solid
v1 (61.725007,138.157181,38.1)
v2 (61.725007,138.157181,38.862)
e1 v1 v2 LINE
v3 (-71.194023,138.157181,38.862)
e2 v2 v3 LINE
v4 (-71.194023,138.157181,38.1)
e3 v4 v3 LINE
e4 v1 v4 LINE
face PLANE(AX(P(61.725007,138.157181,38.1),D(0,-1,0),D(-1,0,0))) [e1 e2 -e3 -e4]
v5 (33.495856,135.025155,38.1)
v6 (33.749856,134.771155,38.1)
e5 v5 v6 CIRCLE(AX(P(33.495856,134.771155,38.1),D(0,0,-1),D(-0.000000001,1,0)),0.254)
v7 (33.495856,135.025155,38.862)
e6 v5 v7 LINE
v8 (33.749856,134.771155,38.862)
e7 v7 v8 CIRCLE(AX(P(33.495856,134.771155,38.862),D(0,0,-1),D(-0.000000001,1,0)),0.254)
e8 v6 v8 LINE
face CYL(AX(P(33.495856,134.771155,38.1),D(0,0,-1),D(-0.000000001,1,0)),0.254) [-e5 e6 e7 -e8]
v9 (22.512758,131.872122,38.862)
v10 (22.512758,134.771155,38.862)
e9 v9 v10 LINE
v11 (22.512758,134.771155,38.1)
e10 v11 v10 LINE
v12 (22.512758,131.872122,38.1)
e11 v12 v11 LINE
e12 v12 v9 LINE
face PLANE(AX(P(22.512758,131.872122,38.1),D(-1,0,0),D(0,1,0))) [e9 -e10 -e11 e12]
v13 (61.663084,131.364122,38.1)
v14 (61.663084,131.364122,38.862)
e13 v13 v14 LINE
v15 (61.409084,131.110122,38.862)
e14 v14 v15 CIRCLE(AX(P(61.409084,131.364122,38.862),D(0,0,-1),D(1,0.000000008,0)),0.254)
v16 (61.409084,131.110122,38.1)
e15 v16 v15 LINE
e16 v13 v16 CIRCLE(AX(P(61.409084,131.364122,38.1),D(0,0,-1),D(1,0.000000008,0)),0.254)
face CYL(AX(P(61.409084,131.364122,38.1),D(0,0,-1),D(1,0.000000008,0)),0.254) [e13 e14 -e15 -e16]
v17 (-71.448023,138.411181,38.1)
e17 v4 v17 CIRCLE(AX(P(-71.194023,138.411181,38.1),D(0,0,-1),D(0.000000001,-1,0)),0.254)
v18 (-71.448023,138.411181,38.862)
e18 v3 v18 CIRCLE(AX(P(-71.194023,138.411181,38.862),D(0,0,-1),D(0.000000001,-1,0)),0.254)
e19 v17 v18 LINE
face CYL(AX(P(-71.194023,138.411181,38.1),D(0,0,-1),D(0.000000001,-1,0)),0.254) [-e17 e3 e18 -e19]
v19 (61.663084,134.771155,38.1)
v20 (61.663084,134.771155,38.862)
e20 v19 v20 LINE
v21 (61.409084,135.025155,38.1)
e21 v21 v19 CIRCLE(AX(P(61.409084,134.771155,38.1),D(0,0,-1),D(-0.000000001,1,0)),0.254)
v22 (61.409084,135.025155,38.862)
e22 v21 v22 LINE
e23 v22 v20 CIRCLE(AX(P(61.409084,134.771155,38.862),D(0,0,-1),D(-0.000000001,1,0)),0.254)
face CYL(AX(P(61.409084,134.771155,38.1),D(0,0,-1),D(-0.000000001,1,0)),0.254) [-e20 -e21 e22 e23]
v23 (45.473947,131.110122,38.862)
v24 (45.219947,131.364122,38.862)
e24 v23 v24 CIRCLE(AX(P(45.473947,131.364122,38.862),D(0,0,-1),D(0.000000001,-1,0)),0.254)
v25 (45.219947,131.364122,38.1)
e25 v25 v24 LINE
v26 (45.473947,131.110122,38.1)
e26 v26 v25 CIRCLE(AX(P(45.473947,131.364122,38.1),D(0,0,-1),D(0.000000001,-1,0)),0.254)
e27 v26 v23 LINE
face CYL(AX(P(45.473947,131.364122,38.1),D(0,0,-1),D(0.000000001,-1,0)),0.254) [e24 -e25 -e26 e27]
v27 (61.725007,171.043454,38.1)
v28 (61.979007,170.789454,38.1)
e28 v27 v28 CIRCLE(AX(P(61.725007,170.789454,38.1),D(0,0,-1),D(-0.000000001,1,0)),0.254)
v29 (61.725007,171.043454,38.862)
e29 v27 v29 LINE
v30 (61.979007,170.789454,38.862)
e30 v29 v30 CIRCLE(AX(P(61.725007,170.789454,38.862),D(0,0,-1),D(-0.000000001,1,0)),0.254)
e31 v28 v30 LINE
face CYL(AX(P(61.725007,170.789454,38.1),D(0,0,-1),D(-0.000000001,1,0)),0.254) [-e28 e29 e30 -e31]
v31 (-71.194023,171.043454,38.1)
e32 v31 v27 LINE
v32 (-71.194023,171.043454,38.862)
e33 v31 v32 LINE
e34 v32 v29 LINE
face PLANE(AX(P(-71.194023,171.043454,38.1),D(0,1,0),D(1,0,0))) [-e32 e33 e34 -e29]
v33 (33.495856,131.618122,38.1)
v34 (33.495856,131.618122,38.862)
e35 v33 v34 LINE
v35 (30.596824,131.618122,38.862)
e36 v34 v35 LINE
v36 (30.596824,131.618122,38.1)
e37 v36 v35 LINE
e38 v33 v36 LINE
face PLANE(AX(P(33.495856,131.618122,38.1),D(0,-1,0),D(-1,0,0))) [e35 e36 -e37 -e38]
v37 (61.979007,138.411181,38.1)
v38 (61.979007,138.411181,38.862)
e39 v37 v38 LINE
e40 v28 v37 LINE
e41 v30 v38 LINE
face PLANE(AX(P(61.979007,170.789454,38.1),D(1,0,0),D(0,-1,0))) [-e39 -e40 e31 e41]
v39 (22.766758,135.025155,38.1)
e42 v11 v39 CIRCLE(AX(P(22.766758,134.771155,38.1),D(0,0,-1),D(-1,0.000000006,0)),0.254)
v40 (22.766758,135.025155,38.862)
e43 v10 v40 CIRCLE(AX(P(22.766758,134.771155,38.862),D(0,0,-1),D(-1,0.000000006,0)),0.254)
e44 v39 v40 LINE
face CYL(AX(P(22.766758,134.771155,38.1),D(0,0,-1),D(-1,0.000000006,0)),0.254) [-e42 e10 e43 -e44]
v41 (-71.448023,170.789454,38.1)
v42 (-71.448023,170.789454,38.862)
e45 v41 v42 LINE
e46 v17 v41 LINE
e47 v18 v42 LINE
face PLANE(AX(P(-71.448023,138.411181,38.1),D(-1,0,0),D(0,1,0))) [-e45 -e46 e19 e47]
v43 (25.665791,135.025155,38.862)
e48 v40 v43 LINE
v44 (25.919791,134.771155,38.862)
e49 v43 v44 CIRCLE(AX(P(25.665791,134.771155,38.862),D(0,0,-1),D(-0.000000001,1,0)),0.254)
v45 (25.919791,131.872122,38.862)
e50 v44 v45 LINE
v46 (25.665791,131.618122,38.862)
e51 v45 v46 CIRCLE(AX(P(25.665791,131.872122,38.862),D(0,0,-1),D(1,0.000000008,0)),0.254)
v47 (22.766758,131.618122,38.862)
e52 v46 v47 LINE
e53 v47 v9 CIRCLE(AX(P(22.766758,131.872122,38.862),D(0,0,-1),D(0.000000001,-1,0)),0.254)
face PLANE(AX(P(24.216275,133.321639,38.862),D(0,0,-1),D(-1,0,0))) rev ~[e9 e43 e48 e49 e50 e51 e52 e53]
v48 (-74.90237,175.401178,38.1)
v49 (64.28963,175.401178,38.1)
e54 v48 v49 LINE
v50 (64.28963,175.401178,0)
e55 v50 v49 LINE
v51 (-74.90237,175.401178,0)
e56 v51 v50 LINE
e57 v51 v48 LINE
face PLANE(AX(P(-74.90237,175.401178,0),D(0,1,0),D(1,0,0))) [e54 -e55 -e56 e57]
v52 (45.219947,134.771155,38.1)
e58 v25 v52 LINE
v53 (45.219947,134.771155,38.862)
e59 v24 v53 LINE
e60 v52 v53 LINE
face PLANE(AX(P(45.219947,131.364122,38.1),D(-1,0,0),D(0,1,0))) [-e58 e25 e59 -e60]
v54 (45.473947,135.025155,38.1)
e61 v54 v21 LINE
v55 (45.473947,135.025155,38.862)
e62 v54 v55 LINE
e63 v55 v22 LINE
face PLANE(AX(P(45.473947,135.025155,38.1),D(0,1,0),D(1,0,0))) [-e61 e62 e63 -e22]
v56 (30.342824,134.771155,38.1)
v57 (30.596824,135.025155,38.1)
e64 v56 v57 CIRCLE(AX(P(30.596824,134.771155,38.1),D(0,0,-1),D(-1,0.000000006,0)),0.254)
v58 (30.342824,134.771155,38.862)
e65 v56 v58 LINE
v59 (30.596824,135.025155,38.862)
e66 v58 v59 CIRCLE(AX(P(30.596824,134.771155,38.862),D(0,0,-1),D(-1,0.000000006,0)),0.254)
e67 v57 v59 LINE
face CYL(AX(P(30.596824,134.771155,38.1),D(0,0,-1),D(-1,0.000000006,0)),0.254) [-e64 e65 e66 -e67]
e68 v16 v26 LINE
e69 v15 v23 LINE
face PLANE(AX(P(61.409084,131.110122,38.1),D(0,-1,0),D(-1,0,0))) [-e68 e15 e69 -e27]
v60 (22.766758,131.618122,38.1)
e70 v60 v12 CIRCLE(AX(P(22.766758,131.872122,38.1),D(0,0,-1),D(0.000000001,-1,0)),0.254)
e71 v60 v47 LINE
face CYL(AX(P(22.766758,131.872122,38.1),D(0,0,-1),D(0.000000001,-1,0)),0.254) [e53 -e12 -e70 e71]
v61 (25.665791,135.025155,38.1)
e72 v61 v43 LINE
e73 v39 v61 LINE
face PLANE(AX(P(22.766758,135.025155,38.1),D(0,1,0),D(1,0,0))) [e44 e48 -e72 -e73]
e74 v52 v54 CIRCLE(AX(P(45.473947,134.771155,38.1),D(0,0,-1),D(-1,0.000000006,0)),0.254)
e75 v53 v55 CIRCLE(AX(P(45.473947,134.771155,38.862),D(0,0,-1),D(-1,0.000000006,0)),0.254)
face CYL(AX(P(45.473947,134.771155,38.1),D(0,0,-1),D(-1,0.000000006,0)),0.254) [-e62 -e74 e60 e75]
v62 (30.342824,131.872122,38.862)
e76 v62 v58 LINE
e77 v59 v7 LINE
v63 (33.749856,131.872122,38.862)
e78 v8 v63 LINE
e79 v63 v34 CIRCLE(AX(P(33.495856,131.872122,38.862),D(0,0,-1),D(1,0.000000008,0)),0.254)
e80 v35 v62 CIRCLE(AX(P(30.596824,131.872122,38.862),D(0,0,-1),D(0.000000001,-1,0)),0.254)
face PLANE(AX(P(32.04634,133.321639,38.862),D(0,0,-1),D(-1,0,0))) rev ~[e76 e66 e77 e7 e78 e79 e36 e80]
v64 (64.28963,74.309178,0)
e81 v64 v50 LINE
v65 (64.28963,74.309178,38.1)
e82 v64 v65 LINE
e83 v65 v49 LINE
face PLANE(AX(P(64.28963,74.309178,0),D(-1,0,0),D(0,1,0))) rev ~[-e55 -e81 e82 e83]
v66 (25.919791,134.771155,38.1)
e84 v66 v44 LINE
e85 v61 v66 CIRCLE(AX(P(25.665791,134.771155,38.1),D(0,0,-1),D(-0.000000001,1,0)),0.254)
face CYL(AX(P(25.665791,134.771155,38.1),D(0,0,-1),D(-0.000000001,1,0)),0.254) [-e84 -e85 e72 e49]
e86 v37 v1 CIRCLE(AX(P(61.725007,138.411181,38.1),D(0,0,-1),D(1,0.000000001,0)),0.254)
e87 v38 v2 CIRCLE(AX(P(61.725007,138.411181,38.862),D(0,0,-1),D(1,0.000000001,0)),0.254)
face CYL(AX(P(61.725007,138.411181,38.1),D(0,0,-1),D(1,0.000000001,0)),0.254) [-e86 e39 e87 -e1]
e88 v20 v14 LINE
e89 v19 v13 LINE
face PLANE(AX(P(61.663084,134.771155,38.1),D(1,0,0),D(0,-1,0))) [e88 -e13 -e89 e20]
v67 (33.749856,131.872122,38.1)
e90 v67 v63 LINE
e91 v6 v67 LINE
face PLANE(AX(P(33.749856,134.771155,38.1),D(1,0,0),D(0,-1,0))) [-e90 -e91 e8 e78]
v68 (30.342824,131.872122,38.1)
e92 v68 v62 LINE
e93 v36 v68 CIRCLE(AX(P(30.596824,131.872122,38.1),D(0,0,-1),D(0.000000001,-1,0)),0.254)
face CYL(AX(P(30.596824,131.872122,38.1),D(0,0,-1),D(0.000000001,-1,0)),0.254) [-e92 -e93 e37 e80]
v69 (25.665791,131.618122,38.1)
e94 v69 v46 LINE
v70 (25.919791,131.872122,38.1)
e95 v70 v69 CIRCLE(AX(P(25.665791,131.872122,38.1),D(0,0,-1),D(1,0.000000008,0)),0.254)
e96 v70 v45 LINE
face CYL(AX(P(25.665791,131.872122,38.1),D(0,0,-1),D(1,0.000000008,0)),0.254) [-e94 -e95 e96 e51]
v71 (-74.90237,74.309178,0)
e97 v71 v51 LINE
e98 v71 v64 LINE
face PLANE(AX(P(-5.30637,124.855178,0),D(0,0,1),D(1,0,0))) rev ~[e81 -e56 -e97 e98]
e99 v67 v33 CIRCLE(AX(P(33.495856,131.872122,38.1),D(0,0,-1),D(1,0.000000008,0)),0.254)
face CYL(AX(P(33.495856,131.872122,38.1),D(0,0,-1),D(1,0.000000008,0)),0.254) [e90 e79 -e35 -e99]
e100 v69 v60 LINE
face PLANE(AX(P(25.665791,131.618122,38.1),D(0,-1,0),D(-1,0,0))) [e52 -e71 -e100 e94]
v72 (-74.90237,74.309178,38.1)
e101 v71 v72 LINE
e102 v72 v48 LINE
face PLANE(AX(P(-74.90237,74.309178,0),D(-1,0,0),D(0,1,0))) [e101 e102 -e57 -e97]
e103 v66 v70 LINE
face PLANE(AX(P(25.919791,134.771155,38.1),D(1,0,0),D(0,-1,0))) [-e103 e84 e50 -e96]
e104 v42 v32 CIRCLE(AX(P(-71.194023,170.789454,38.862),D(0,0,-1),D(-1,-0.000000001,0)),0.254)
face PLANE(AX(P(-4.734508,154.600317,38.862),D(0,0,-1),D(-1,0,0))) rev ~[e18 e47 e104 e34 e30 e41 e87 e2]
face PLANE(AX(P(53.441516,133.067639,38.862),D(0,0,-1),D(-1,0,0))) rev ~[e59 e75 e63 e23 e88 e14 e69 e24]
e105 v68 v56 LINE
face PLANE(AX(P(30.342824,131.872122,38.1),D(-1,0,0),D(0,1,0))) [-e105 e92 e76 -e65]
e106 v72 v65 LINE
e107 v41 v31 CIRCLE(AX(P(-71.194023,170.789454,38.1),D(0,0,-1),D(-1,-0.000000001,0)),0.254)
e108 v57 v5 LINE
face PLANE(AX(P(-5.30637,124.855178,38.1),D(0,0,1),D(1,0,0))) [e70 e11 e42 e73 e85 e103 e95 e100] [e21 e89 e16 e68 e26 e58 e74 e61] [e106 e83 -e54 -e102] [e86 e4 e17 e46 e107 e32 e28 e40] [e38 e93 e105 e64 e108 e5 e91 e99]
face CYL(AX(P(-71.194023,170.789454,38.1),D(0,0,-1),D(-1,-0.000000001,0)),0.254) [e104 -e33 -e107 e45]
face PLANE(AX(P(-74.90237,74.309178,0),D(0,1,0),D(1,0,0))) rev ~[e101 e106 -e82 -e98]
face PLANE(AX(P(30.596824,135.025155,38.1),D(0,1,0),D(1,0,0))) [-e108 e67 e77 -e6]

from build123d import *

# Parameters (mm, degrees)
SKETCH1_W           = 139.192
SKETCH1_H           = 101.092
BASE_EXTRUDE_DEPTH  = 38.1
BOSS_EXTRUDE1_DEPTH = 0.762


with BuildPart() as part:
    # Sketch1 → Base-Extrude (new body)
    with BuildSketch(Plane.XY):
        with Locations((-5.306370086, 124.85517785)):
            Rectangle(SKETCH1_W, SKETCH1_H)
    extrude(amount=BASE_EXTRUDE_DEPTH)

    # Sketch2 → Boss-Extrude1 (add)
    with BuildSketch(Plane.XY.offset(38.1)):
        with BuildLine():
            Line((-71.194022628, 171.043454179), (61.725007309, 171.043454179))
            ThreePointArc((61.725007309, 171.043454179), (61.904612432, 170.969059301), (61.979007309, 170.789454179))
            Line((61.979007309, 170.789454179), (61.979007309, 138.411180808))
            ThreePointArc((61.979007309, 138.411180808), (61.904612432, 138.231575686), (61.725007309, 138.157180808))
            Line((61.725007309, 138.157180808), (-71.194022628, 138.157180808))
            ThreePointArc((-71.194022628, 138.157180808), (-71.373627751, 138.231575686), (-71.448022628, 138.411180808))
            Line((-71.448022628, 138.411180808), (-71.448022628, 170.789454179))
            ThreePointArc((-71.448022628, 170.789454179), (-71.373627751, 170.969059301), (-71.194022628, 171.043454179))
        make_face()
        with BuildLine():
            Line((45.473947187, 135.025154773), (61.409083872, 135.025154773))
            ThreePointArc((61.409083872, 135.025154773), (61.588688995, 134.950759895), (61.663083872, 134.771154773))
            Line((61.663083872, 134.771154773), (61.663083872, 131.364122229))
            ThreePointArc((61.663083872, 131.364122229), (61.588688995, 131.184517106), (61.409083872, 131.110122229))
            Line((61.409083872, 131.110122229), (45.473947187, 131.110122229))
            ThreePointArc((45.473947187, 131.110122229), (45.294342065, 131.184517106), (45.219947187, 131.364122229))
            Line((45.219947187, 131.364122229), (45.219947187, 134.771154773))
            ThreePointArc((45.219947187, 134.771154773), (45.294342065, 134.950759895), (45.473947187, 135.025154773))
        make_face()
        with BuildLine():
            Line((22.766758431, 135.025154773), (25.665790975, 135.025154773))
            ThreePointArc((25.665790975, 135.025154773), (25.845396098, 134.950759895), (25.919790975, 134.771154773))
            Line((25.919790975, 134.771154773), (25.919790975, 131.872122229))
            ThreePointArc((25.919790975, 131.872122229), (25.845396098, 131.692517106), (25.665790975, 131.618122229))
            Line((25.665790975, 131.618122229), (22.766758431, 131.618122229))
            ThreePointArc((22.766758431, 131.618122229), (22.587153309, 131.692517106), (22.512758431, 131.872122229))
            Line((22.512758431, 131.872122229), (22.512758431, 134.771154773))
            ThreePointArc((22.512758431, 134.771154773), (22.587153309, 134.950759895), (22.766758431, 135.025154773))
        make_face()
        with BuildLine():
            Line((30.596823519, 135.025154773), (33.495856063, 135.025154773))
            ThreePointArc((33.495856063, 135.025154773), (33.675461186, 134.950759895), (33.749856063, 134.771154773))
            Line((33.749856063, 134.771154773), (33.749856063, 131.872122229))
            ThreePointArc((33.749856063, 131.872122229), (33.675461186, 131.692517106), (33.495856063, 131.618122229))
            Line((33.495856063, 131.618122229), (30.596823519, 131.618122229))
            ThreePointArc((30.596823519, 131.618122229), (30.417218397, 131.692517106), (30.342823519, 131.872122229))
            Line((30.342823519, 131.872122229), (30.342823519, 134.771154773))
            ThreePointArc((30.342823519, 134.771154773), (30.417218397, 134.950759895), (30.596823519, 135.025154773))
        make_face()
    extrude(amount=BOSS_EXTRUDE1_DEPTH)


solid = part.part
